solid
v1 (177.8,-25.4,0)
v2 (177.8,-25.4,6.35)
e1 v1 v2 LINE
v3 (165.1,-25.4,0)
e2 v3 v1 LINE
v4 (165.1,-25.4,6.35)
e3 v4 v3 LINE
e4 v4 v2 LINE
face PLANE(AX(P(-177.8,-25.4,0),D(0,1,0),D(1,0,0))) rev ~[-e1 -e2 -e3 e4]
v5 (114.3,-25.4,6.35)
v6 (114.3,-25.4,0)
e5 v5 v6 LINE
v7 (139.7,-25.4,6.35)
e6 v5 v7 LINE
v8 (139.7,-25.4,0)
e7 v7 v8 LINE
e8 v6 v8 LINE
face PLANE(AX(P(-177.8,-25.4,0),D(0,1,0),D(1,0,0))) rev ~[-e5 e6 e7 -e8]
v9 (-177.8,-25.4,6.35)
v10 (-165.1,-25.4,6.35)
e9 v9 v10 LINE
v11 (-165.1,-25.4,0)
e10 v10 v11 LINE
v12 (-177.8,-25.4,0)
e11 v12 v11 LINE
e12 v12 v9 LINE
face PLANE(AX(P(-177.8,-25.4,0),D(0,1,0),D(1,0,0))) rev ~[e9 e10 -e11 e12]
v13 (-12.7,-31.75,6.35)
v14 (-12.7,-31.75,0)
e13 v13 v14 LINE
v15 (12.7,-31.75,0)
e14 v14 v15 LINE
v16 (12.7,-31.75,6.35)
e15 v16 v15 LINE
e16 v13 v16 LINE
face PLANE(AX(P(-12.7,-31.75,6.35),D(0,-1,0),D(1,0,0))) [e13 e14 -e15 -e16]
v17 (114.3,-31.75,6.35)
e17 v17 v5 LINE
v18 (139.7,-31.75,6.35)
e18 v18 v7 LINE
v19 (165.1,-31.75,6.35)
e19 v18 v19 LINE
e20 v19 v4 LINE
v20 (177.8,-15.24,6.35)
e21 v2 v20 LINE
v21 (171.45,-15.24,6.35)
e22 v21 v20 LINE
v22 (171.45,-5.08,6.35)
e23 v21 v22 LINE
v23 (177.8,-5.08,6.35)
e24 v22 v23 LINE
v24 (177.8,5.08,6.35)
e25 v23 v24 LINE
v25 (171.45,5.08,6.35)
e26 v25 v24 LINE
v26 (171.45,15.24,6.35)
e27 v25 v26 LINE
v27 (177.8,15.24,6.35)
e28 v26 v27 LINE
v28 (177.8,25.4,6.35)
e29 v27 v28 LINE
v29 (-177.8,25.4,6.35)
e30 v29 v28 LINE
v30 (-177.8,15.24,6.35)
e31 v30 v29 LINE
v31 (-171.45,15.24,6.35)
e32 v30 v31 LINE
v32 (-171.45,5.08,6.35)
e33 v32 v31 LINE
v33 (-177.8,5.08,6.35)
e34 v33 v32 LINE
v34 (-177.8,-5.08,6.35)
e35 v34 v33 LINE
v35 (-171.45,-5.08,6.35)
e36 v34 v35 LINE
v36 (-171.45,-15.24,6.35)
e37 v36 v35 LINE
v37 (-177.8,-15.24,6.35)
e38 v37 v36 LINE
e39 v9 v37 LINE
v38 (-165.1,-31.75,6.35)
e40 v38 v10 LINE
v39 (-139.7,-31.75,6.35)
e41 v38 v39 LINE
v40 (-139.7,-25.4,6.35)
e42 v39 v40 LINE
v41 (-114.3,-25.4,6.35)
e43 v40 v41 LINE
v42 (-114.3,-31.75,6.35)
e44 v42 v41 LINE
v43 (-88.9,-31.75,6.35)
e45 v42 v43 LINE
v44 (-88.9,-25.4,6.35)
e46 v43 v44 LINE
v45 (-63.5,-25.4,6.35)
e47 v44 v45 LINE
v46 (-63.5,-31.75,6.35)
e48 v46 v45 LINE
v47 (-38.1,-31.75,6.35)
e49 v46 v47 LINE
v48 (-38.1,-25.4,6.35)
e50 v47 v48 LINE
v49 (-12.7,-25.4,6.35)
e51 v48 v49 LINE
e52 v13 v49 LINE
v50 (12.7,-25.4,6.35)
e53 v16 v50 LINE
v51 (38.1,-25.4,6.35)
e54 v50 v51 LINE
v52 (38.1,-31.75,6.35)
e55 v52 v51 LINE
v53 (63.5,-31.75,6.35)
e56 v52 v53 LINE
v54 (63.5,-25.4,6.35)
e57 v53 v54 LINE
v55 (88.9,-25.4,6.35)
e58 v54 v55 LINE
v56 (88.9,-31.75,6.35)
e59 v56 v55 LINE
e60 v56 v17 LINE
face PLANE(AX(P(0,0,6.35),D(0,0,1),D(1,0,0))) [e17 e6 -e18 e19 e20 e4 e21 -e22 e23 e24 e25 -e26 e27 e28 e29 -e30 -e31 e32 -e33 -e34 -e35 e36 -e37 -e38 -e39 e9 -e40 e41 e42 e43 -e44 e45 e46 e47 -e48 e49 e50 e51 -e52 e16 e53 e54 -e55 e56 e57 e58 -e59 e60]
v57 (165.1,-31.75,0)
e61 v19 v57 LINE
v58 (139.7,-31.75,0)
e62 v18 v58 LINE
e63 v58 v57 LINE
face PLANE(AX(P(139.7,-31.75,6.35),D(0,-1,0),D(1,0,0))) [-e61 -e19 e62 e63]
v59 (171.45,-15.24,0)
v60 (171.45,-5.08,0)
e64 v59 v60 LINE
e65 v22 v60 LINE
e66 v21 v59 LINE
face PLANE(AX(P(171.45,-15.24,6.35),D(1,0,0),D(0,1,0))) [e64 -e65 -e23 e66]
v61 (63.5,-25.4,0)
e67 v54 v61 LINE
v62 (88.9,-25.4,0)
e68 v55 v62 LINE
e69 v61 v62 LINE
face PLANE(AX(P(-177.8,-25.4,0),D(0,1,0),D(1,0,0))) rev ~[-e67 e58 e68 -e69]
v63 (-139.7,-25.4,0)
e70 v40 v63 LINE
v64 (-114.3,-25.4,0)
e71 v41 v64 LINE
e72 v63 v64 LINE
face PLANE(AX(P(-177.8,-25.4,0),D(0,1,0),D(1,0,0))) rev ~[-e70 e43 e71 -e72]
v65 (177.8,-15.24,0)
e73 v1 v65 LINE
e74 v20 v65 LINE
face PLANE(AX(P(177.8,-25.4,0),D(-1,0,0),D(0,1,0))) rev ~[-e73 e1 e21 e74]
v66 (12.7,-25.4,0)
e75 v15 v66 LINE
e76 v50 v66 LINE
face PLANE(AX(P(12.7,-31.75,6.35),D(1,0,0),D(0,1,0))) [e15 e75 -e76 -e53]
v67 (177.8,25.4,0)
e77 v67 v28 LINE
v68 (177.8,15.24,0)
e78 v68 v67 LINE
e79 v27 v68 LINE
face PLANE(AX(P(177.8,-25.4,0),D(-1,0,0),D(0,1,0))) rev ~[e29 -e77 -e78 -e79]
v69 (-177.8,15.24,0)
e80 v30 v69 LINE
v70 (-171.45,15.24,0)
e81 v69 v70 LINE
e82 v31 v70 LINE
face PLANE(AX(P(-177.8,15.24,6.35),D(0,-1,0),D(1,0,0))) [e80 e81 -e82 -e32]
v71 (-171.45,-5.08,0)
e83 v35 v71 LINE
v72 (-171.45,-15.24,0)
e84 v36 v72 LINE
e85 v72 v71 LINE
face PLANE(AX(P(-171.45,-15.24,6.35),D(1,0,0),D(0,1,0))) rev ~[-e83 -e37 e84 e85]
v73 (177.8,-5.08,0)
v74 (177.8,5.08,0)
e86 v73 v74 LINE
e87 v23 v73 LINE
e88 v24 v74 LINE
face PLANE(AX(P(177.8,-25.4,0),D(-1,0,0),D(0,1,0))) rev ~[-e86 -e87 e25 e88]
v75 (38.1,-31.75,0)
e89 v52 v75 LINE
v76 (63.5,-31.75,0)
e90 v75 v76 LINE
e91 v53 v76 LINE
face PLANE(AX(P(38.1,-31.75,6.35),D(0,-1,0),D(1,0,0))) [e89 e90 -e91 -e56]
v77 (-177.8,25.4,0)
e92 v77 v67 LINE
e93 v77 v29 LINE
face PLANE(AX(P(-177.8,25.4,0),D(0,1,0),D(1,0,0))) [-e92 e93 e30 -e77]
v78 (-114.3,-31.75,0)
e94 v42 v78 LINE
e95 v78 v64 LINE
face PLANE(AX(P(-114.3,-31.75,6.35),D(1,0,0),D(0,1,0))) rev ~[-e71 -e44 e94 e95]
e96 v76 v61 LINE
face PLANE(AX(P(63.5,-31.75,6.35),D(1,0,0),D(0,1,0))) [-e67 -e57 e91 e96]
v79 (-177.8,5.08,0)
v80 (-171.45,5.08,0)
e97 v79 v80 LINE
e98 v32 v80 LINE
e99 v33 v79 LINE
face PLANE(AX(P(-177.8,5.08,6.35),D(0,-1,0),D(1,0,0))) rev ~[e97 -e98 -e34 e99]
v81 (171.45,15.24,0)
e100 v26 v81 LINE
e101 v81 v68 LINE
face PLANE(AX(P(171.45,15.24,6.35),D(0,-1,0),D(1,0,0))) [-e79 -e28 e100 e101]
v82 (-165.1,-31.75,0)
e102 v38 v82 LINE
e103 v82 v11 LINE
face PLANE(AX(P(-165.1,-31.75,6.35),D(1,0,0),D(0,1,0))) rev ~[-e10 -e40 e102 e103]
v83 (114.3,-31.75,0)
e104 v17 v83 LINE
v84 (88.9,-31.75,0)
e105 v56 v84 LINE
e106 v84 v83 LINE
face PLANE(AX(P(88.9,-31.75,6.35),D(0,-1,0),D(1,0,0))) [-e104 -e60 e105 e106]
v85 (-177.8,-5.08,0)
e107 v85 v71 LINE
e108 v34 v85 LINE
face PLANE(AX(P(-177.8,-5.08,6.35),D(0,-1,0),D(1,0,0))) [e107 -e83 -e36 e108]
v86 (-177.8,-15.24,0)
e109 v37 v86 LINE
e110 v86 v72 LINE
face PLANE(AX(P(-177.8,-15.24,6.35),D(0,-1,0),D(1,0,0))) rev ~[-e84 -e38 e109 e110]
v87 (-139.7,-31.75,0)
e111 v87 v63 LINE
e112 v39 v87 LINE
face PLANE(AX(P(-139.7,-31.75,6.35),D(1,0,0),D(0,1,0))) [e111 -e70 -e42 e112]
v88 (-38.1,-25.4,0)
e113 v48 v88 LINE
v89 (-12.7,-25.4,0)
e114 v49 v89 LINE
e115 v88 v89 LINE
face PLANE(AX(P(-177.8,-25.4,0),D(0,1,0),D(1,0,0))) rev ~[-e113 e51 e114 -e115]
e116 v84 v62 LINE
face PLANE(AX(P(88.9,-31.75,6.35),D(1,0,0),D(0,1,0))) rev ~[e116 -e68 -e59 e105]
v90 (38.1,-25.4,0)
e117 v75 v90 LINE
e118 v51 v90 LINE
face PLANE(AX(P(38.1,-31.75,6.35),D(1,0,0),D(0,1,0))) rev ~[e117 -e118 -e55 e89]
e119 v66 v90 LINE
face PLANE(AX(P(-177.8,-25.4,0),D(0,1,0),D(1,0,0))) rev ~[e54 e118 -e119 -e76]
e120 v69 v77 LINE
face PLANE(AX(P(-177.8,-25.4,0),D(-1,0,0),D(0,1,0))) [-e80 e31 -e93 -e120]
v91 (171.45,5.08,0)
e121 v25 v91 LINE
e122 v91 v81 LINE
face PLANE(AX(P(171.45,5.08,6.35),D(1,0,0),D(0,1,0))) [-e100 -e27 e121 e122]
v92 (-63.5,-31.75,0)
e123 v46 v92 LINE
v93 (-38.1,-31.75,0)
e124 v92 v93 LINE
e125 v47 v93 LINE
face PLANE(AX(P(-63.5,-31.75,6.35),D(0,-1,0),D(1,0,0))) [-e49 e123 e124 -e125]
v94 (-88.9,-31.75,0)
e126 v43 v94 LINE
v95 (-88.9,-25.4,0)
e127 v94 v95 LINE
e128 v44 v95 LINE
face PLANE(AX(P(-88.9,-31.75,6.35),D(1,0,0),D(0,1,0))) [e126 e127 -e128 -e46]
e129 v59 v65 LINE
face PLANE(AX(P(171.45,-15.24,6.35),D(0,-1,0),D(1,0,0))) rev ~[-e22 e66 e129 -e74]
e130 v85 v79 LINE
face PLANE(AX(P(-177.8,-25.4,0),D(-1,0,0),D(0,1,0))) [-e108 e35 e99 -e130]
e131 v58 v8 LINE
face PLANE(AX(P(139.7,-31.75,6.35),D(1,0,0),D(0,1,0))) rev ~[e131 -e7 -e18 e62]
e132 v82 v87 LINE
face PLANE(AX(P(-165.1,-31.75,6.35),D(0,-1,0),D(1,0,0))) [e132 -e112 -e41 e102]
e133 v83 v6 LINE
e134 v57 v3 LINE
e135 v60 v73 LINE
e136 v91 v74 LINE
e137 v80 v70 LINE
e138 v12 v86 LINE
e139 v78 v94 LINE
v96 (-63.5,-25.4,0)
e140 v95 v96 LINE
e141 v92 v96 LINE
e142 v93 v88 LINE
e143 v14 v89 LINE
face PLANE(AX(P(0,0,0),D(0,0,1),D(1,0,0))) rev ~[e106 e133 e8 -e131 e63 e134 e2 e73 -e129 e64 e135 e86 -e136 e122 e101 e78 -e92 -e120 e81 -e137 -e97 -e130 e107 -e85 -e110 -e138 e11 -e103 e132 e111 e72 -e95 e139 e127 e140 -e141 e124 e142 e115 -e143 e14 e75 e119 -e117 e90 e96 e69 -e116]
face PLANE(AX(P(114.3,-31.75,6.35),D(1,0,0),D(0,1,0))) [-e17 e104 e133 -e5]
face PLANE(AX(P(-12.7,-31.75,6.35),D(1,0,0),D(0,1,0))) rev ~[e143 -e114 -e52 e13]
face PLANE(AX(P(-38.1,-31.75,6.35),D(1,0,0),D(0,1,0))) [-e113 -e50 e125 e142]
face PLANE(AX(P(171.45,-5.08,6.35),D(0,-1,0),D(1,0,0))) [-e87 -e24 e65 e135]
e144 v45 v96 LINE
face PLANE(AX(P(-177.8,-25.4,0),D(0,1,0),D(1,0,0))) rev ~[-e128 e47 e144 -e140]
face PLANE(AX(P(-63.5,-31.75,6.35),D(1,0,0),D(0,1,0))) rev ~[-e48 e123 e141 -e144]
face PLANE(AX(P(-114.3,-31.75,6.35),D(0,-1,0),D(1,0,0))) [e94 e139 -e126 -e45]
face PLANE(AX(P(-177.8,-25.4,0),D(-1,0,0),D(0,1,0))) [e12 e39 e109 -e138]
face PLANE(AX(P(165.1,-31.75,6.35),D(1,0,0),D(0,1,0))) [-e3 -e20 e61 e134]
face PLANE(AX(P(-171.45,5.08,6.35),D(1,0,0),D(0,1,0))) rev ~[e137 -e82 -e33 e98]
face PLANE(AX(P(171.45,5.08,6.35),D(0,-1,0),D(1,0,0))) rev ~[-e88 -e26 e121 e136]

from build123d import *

# Parameters (mm, degrees)
ESQUISSE1_W                     = 355.6
ESQUISSE1_H                     = 50.8
BOSS_EXTRU_1_DEPTH              = 6.35
ESQUISSE2_W                     = 6.35
ESQUISSE2_H                     = 10.16
ENL_V_MAT_EXTRU_1_DEPTH         = 180.717340566
R_P_TITION_LIN_AIRE1_COUNT      = 2
R_P_TITION_LIN_AIRE1_PITCH      = 20.32
R_P_TITION_LIN_AIRE1_COUNT_DIR2 = 2
R_P_TITION_LIN_AIRE1_PITCH_DIR2 = 349.25
ESQUISSE3_W                     = 25.4
ESQUISSE3_H                     = 6.35
BOSS_EXTRU_2_DEPTH              = 6.35
R_P_TITION_LIN_AIRE2_COUNT      = 7
R_P_TITION_LIN_AIRE2_PITCH      = 50.8


with BuildPart() as part:
    # Esquisse1 → Boss.-Extru.1 (new body)
    with BuildSketch(Plane.XY):
        Rectangle(ESQUISSE1_W, ESQUISSE1_H)
    extrude(amount=BOSS_EXTRU_1_DEPTH)

    # Esquisse2 → Enlèv. mat.-Extru.1 (cut, through all)
    with BuildSketch(Plane.XY.offset(6.35)):
        with Locations((-174.625, -10.16)):
            Rectangle(ESQUISSE2_W, ESQUISSE2_H)
    enl_v_mat_extru_1 = extrude(amount=-ENL_V_MAT_EXTRU_1_DEPTH, mode=Mode.SUBTRACT)

    # Répétition linéaire1: Enl_v. mat.-Extru.1 2 × 2
    with Locations(*[(j * R_P_TITION_LIN_AIRE1_PITCH_DIR2, i * R_P_TITION_LIN_AIRE1_PITCH, 0) for i in range(R_P_TITION_LIN_AIRE1_COUNT) for j in range(R_P_TITION_LIN_AIRE1_COUNT_DIR2) if (i, j) != (0, 0)]):
        add(enl_v_mat_extru_1, mode=Mode.SUBTRACT)

    # Esquisse3 → Boss.-Extru.2 (add)
    with BuildSketch(Plane.XY.offset(6.35)):
        with Locations((-152.4, -28.575)):
            Rectangle(ESQUISSE3_W, ESQUISSE3_H)
    boss_extru_2 = extrude(amount=-BOSS_EXTRU_2_DEPTH)

    # Répétition linéaire2: Boss.-Extru.2 ×7
    with Locations(*[(i * R_P_TITION_LIN_AIRE2_PITCH, 0, 0) for i in range(1, R_P_TITION_LIN_AIRE2_COUNT)]):
        add(boss_extru_2)


solid = part.part
